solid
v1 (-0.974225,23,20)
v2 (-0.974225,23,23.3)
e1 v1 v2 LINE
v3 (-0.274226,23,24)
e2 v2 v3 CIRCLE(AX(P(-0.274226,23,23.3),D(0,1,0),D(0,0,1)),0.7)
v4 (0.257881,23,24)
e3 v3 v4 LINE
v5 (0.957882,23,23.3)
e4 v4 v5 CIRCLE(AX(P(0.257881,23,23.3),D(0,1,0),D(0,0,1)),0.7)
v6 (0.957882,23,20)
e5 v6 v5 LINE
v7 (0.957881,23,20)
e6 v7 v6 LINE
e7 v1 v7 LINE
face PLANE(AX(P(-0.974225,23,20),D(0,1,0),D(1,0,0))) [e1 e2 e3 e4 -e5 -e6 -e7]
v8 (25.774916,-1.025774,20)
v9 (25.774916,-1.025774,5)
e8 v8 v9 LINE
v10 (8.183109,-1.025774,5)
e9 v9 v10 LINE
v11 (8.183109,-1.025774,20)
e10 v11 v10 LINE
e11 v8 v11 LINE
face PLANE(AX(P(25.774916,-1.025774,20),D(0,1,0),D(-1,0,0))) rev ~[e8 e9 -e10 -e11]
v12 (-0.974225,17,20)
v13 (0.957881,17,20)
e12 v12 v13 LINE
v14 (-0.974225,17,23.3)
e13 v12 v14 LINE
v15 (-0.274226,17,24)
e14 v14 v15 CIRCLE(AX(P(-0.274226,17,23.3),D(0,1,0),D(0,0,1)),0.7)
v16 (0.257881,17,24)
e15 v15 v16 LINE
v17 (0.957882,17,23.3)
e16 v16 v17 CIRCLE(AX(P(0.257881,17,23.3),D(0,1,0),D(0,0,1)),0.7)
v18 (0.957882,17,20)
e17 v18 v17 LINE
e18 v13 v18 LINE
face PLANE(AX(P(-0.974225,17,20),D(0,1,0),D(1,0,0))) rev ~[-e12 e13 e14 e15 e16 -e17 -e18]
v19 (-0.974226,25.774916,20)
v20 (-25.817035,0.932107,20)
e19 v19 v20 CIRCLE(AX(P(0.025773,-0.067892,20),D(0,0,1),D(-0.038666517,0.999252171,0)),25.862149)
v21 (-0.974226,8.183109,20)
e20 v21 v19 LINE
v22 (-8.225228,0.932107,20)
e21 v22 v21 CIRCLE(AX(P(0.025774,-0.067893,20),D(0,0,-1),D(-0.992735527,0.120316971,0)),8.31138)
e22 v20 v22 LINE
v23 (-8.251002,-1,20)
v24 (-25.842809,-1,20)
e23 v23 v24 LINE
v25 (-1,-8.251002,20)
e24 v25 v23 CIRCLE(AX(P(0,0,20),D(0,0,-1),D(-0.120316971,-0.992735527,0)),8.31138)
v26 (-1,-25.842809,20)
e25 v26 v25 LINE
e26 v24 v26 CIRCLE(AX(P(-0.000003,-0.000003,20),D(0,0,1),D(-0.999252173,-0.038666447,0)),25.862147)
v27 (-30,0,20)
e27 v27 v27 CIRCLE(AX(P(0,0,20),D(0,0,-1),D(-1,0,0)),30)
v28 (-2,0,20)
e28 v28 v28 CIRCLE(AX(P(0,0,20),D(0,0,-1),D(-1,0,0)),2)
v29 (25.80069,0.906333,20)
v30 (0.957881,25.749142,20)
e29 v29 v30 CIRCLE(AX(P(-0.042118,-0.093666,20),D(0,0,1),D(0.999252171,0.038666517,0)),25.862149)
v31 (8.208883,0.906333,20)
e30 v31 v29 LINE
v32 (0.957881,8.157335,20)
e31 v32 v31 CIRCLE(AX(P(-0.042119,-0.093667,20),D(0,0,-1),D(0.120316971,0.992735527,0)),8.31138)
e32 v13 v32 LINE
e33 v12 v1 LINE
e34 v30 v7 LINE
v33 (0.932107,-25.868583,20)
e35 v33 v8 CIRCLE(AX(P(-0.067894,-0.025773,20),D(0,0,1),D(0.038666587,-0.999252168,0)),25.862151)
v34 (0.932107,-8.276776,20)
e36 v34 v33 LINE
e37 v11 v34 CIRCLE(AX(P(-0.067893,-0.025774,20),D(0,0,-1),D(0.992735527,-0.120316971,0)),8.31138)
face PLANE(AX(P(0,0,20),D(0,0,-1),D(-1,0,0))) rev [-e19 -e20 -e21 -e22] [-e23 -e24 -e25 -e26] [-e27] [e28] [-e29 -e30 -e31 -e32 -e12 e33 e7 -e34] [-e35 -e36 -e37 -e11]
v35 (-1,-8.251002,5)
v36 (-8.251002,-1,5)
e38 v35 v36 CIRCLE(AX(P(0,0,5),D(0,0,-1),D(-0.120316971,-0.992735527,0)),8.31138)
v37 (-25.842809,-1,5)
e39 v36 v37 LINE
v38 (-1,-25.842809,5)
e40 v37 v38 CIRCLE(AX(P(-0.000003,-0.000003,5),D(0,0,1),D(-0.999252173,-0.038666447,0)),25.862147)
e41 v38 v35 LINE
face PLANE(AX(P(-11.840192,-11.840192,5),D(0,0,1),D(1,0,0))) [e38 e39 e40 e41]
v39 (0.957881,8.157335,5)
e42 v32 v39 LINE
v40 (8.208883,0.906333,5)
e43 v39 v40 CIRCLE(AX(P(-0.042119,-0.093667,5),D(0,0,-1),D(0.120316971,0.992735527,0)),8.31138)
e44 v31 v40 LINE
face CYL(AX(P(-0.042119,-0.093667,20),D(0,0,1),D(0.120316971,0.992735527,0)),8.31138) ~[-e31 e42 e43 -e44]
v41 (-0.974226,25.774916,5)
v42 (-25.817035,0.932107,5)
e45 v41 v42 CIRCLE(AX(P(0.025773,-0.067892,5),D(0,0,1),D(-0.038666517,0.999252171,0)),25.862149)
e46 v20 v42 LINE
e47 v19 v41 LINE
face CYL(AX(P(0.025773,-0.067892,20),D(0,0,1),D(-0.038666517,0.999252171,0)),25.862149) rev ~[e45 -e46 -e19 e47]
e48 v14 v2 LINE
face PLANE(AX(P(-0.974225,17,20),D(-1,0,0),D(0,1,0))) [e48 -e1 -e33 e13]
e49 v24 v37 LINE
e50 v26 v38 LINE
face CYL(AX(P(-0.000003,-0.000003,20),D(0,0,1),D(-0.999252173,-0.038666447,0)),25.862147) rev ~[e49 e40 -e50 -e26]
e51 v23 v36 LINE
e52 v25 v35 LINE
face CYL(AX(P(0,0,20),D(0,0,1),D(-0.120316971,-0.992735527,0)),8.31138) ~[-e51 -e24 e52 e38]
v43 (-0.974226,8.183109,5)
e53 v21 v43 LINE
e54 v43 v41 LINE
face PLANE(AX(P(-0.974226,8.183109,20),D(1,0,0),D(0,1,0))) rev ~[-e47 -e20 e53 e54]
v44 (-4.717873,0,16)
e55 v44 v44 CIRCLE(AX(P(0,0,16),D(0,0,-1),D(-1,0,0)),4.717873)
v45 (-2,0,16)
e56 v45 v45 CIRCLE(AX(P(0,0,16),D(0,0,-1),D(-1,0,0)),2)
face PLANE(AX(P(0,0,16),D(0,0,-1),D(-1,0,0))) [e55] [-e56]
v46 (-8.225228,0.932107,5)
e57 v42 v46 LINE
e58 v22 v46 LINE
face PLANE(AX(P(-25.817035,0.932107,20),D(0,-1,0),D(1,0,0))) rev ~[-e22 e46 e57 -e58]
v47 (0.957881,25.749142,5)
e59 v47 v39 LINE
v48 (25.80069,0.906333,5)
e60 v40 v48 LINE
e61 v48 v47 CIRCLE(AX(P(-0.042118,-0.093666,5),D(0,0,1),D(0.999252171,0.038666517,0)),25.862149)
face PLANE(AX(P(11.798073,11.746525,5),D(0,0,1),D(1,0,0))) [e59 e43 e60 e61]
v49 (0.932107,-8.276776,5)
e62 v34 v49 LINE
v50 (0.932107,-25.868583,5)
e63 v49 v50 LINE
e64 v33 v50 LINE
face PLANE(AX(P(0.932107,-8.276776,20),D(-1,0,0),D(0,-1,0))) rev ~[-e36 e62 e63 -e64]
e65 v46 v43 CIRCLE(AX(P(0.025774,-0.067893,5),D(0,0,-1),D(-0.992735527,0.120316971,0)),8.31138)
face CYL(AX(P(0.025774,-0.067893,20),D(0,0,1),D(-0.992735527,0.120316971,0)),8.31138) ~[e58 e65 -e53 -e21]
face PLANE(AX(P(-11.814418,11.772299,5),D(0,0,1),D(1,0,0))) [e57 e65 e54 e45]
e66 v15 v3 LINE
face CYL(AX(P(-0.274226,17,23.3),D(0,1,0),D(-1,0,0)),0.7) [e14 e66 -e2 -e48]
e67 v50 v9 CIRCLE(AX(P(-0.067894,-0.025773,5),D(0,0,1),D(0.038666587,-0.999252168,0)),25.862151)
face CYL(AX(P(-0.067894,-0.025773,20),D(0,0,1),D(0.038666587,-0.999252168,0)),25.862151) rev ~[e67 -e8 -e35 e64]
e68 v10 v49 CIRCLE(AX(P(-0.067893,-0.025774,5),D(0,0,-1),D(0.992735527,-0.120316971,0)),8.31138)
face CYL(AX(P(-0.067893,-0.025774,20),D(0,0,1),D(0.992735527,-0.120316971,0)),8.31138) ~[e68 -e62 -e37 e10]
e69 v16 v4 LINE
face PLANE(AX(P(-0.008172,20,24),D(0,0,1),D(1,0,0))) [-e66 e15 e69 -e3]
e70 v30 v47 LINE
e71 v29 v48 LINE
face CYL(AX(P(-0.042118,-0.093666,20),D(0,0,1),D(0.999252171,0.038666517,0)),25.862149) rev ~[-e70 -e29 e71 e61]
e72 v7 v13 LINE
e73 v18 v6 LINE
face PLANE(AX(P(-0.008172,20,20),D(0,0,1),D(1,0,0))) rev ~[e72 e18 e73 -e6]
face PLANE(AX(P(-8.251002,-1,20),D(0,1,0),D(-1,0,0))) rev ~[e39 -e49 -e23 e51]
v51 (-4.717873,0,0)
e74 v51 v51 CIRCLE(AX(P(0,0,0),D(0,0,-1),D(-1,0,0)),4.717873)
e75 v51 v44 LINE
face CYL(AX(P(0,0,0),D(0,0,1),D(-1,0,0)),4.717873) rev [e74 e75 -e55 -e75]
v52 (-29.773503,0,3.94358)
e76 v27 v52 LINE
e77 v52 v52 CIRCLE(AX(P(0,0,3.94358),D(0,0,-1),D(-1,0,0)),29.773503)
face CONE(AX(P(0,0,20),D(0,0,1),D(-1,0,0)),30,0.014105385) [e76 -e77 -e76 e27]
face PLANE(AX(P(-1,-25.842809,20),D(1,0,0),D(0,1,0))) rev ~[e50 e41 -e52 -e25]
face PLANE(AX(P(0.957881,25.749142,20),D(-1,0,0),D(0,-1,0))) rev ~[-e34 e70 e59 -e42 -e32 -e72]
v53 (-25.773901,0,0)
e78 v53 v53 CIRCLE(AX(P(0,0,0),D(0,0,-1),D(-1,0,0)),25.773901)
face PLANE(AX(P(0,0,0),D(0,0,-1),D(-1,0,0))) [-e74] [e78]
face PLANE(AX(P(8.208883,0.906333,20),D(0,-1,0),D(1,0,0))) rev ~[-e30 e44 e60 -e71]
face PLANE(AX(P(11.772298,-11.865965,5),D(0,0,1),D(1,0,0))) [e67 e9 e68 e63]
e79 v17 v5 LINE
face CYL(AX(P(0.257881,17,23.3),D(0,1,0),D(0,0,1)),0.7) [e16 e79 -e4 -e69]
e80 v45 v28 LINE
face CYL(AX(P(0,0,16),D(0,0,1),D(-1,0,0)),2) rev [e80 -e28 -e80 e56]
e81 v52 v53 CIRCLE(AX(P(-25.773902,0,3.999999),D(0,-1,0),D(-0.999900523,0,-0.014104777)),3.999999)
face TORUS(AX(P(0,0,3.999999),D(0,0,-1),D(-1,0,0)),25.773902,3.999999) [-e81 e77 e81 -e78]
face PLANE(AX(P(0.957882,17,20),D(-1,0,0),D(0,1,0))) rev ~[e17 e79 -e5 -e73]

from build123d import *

# Parameters (mm, degrees)
F3_DEPTH = 15
F2_W     = 1.932107
F2_H     = 6
F4_DEPTH = 4
F5_R     = 0.7
F6_R     = 0.7


with BuildPart() as f1:
    # F0 (on Front) → F1 (revolve)
    with BuildSketch(Plane.XZ):
        with BuildLine():
            Line((-2, 20), (-30, 20))
            Line((-30, 20), (-29.773503, 3.94358))
            ThreePointArc((-29.773503, 3.94358), (-28.58231, 1.151695), (-25.773901, 0))
            Line((-25.773901, 0), (-4.717873, 0))
            Line((-4.717873, 0), (-4.717873, 16))
            Line((-4.717873, 16), (-2, 16))
            Line((-2, 16), (-2, 20))
        make_face()
    revolve(axis=Axis((0, 0, 6.694083), (0, 0, -1)))

    # F2 (on face) → F3 (cut)
    with BuildSketch(Plane.XY.offset(20)):
        with BuildLine():
            Line((-1, -25.842809), (-1, -8.251002))
            ThreePointArc((-1, -8.251002), (-5.877033, -5.877033), (-8.251002, -1))
            Line((-8.251002, -1), (-25.842809, -1))
            ThreePointArc((-25.842809, -1), (-18.287302, -18.287302), (-1, -25.842809))
        make_face()
        with BuildLine():
            ThreePointArc((8.183109, -1.025774), (5.80914, -5.902807), (0.932107, -8.276776))
            Line((0.932107, -8.276776), (0.932107, -25.868583))
            ThreePointArc((0.932107, -25.868583), (18.219408, -18.313075), (25.774916, -1.025774))
            Line((25.774916, -1.025774), (8.183109, -1.025774))
        make_face()
        with BuildLine():
            ThreePointArc((0.957881, 8.157335), (5.834914, 5.783366), (8.208883, 0.906333))
            Line((8.208883, 0.906333), (25.80069, 0.906333))
            ThreePointArc((25.80069, 0.906333), (18.245182, 18.193635), (0.957881, 25.749142))
            Line((0.957881, 25.749142), (0.957881, 23))
            Line((0.957881, 23), (0.957881, 17))
            Line((0.957881, 17), (0.957881, 8.157335))
        make_face()
        with BuildLine():
            Line((-0.974226, 8.183109), (-0.974226, 17))
            Line((-0.974226, 17), (-0.974226, 23))
            Line((-0.974226, 23), (-0.974226, 25.774916))
            ThreePointArc((-0.974226, 25.774916), (-18.261528, 18.219408), (-25.817035, 0.932107))
            Line((-25.817035, 0.932107), (-8.225228, 0.932107))
            ThreePointArc((-8.225228, 0.932107), (-5.851259, 5.80914), (-0.974226, 8.183109))
        make_face()
    extrude(amount=-F3_DEPTH, mode=Mode.SUBTRACT)

    # F2 (on face) → F4 (join)
    with BuildSketch(Plane.XY.offset(20)):
        with Locations((-0.008172, 20)):
            Rectangle(F2_W, F2_H)
    extrude(amount=F4_DEPTH)

    # F5
    f5_edges = [f1.edges().sort_by_distance(p)[0] for p in [
        (-0.974226, 20, 24),
    ]]
    fillet(f5_edges, radius=F5_R)

    # F6
    f6_edges = [f1.edges().sort_by_distance(p)[0] for p in [
        (0.957881, 20, 24),
    ]]
    fillet(f6_edges, radius=F6_R)


solid = f1.part
